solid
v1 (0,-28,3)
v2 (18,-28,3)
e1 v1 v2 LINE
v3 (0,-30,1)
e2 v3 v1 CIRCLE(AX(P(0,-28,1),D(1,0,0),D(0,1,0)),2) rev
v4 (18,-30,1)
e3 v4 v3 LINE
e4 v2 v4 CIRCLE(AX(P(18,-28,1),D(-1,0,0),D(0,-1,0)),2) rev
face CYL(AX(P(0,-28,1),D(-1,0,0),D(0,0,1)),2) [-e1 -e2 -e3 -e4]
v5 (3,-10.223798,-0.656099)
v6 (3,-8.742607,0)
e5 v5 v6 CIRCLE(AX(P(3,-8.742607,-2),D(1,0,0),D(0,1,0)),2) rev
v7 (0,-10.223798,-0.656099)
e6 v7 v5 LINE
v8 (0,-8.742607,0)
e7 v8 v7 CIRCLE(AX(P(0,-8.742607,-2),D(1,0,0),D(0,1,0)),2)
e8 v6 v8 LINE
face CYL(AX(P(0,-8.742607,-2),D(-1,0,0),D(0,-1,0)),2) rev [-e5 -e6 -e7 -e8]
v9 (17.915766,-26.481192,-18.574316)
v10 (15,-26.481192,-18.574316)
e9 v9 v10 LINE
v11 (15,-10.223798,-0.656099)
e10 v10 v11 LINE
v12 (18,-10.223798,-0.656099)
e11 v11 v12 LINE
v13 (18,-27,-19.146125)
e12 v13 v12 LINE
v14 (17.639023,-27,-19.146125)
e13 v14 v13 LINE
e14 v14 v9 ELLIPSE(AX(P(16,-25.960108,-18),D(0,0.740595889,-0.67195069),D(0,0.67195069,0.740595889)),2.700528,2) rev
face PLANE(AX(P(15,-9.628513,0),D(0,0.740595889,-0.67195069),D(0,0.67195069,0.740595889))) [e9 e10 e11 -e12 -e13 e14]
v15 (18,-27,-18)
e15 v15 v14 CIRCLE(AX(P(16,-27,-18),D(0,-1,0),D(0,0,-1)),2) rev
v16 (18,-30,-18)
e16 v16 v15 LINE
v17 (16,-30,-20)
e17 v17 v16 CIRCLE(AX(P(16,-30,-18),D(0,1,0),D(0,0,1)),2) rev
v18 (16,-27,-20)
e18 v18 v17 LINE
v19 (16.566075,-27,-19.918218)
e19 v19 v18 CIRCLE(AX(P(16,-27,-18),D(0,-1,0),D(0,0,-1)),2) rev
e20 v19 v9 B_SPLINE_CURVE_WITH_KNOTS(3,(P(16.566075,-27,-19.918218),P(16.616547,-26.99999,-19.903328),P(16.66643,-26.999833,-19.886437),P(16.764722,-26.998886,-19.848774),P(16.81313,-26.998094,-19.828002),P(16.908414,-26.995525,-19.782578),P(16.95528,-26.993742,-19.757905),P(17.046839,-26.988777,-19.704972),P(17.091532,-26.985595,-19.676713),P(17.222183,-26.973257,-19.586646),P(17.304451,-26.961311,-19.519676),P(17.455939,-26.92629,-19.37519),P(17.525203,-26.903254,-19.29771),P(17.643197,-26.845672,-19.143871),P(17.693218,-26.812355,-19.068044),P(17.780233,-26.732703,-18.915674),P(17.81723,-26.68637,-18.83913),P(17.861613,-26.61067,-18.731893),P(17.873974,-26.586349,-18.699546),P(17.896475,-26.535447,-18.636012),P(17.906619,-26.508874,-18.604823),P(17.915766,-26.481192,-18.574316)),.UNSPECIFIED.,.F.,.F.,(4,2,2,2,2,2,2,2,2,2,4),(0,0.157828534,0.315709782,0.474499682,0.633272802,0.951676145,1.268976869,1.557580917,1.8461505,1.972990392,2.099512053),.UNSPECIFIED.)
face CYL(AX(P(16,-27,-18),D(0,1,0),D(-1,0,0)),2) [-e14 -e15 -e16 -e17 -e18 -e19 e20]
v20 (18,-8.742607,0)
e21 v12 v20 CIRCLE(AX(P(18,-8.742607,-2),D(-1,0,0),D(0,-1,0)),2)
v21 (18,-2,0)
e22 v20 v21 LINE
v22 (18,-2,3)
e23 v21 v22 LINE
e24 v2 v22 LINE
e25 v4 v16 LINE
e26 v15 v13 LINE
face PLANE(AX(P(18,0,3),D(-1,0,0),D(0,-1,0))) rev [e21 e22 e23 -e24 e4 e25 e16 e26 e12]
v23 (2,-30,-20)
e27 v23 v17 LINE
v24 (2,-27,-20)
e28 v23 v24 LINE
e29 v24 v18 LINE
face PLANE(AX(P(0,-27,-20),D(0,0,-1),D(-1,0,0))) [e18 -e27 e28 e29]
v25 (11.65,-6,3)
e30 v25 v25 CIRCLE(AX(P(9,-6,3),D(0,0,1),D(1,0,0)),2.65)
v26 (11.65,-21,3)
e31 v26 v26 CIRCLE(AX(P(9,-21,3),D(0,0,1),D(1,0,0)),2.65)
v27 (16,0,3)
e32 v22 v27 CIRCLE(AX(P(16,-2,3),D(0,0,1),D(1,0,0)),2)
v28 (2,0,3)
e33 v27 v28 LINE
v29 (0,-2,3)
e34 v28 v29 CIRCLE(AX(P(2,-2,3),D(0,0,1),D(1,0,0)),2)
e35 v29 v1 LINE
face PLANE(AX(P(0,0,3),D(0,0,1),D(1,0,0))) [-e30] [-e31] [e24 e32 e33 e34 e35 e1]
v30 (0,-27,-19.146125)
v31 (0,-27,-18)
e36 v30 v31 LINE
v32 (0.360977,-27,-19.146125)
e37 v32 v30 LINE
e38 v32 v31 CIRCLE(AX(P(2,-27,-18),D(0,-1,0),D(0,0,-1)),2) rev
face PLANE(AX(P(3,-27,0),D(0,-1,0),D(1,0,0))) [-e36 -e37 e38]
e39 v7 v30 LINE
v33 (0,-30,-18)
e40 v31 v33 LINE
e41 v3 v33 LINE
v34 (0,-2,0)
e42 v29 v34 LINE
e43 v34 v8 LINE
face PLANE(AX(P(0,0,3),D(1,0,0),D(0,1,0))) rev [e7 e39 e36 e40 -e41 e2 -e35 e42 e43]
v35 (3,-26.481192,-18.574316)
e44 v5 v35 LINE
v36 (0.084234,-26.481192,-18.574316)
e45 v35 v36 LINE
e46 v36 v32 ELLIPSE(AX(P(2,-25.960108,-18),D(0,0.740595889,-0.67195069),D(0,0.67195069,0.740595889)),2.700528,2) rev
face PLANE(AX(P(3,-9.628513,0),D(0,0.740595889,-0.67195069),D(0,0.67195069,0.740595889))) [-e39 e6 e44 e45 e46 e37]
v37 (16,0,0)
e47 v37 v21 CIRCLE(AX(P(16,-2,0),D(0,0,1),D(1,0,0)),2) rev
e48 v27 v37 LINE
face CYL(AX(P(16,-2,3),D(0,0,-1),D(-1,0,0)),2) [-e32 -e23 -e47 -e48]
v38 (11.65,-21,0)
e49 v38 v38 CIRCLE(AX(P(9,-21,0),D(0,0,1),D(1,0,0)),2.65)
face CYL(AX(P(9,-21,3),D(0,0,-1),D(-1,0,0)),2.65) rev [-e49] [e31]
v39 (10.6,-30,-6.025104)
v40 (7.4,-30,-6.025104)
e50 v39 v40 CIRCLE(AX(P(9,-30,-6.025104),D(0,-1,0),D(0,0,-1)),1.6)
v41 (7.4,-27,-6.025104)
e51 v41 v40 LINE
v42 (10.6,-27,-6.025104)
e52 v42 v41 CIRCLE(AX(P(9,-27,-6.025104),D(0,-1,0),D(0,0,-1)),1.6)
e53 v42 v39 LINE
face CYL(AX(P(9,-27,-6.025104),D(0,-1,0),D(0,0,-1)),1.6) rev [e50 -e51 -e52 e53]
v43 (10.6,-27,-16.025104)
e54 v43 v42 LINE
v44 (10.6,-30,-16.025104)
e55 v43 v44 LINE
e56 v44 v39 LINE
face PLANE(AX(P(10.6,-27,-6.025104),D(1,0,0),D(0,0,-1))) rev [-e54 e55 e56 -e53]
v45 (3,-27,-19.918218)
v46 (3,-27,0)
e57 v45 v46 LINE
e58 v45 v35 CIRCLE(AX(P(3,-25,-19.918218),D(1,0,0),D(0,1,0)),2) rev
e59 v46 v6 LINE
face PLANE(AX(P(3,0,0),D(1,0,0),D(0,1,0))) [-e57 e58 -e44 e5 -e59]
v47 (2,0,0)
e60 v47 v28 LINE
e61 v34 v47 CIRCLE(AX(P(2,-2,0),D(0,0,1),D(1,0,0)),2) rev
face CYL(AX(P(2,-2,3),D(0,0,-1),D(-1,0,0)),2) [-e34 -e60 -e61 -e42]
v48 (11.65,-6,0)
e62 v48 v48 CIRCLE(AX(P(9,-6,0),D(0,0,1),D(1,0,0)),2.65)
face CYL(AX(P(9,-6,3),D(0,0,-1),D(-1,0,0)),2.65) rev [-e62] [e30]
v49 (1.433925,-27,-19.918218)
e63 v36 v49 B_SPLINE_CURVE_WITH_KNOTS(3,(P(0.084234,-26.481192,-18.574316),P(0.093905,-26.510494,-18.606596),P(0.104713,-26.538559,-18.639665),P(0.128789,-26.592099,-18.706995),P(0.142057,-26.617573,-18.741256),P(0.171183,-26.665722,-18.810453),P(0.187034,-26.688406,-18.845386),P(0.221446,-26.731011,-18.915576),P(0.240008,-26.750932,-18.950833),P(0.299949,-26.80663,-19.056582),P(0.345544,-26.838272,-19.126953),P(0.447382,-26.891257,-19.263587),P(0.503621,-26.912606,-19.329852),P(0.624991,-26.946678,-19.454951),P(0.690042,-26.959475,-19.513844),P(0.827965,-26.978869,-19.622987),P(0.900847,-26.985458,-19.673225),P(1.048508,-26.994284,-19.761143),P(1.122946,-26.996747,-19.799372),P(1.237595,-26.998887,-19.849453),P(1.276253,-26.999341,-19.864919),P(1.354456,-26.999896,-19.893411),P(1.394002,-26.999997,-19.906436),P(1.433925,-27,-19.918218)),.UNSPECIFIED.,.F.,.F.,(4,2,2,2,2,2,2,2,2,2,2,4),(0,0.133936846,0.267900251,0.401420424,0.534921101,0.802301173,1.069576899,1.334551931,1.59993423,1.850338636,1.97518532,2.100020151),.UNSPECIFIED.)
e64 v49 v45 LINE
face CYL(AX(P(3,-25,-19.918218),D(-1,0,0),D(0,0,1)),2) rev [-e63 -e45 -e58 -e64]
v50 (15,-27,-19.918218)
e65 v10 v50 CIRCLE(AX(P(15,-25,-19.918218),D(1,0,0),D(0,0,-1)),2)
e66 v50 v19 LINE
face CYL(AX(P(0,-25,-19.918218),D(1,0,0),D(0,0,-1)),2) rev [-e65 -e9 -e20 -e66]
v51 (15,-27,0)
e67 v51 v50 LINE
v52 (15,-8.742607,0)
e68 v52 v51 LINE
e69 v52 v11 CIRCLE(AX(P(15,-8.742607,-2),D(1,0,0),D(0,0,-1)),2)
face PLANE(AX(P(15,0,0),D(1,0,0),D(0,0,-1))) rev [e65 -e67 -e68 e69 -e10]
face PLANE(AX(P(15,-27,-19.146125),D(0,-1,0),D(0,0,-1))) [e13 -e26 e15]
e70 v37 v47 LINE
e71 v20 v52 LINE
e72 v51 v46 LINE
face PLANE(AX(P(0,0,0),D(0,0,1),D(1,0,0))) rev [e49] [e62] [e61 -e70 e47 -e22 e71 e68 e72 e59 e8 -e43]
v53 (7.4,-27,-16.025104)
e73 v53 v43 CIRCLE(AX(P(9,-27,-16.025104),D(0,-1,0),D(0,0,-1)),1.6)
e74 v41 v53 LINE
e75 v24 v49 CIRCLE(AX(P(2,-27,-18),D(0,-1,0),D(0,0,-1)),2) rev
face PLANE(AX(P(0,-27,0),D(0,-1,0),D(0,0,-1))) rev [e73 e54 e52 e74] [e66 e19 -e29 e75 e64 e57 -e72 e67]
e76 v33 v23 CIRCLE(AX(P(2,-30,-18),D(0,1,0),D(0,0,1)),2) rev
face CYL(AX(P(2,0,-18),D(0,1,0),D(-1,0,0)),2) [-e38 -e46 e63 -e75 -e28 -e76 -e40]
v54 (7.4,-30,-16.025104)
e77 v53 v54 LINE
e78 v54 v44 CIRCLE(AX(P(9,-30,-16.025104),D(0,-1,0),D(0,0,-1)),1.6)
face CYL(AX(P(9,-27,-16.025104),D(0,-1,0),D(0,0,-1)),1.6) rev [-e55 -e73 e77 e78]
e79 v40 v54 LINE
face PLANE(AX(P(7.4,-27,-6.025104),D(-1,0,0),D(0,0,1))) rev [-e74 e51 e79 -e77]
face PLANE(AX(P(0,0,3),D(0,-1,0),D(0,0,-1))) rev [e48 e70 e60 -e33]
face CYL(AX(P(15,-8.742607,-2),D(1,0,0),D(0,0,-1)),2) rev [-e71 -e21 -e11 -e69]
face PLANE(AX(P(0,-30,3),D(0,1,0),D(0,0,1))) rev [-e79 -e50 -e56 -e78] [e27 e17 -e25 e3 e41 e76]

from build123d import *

# Parameters (mm, degrees)
SKETCH_1_W      = 18
SKETCH_1_H      = 30
SKETCH_1_R      = 2.65
EXTRUDE_1_DEPTH = 3
SKETCH_2_W      = 18
SKETCH_2_H      = 20
EXTRUDE_2_DEPTH = 3
FILLET_1_R      = 2
EXTRUDE_3_DEPTH = 3
EXTRUDE_4_DEPTH = 3
FILLET_2_R      = 2


with BuildPart() as part:
    # 草图1 → 凸台-拉伸1 (new body)
    with BuildSketch(Plane.XY):
        with Locations((9, -15)):
            Rectangle(SKETCH_1_W, SKETCH_1_H)
        with Locations((9, -6)):
            Circle(SKETCH_1_R, mode=Mode.SUBTRACT)
        with Locations((9, -21)):
            Circle(SKETCH_1_R, mode=Mode.SUBTRACT)
    extrude(amount=EXTRUDE_1_DEPTH)

    # 草图2 → 凸台-拉伸2 (add)
    with BuildSketch(Plane(origin=(0, -30, 0), x_dir=(-1, 0, 0), z_dir=(0, -1, 0))):
        with Locations((-9, 10)):
            Rectangle(SKETCH_2_W, SKETCH_2_H)
        with BuildLine():
            Line((-10.6, 6.025104147), (-10.6, 16.025104147))
            ThreePointArc((-10.6, 16.025104147), (-9, 17.625104147), (-7.4, 16.025104147))
            Line((-7.4, 16.025104147), (-7.4, 6.025104147))
            ThreePointArc((-7.4, 6.025104147), (-9, 4.425104147), (-10.6, 6.025104147))
        make_face(mode=Mode.SUBTRACT)
    extrude(amount=-EXTRUDE_2_DEPTH)

    # 圆角1
    fillet_1_edges = [part.edges().sort_by_distance(p)[0] for p in [
        (0, -28.5, -20),
        (18, -28.5, -20),
        (0, 0, 1.5),
        (18, 0, 1.5),
    ]]
    fillet(fillet_1_edges, radius=FILLET_1_R)

    # 草图3 → 凸台-拉伸3 (add)
    with BuildSketch(Plane.ZY):
        Polygon((0, -9.628512941), (-19.146125, -27), (0, -27), align=None)
    extrude(amount=-EXTRUDE_3_DEPTH)

    # 草图4 → 凸台-拉伸4 (add)
    with BuildSketch(Plane(origin=(18, 0, 0), x_dir=(0, 0, -1), z_dir=(1, 0, 0))):
        Polygon((0, -9.628512941), (19.146125, -27), (0, -27), align=None)
    extrude(amount=-EXTRUDE_4_DEPTH)

    # 圆角2
    fillet_2_edges = [part.edges().sort_by_distance(p)[0] for p in [
        (1.5, -9.628512941, 0),
        (1.680488334, -27, -19.146125),
        (16.319511666, -27, -19.146125),
        (16.5, -9.628512941, 0),
        (9, -30, 3),
    ]]
    fillet(fillet_2_edges, radius=FILLET_2_R)


solid = part.part
